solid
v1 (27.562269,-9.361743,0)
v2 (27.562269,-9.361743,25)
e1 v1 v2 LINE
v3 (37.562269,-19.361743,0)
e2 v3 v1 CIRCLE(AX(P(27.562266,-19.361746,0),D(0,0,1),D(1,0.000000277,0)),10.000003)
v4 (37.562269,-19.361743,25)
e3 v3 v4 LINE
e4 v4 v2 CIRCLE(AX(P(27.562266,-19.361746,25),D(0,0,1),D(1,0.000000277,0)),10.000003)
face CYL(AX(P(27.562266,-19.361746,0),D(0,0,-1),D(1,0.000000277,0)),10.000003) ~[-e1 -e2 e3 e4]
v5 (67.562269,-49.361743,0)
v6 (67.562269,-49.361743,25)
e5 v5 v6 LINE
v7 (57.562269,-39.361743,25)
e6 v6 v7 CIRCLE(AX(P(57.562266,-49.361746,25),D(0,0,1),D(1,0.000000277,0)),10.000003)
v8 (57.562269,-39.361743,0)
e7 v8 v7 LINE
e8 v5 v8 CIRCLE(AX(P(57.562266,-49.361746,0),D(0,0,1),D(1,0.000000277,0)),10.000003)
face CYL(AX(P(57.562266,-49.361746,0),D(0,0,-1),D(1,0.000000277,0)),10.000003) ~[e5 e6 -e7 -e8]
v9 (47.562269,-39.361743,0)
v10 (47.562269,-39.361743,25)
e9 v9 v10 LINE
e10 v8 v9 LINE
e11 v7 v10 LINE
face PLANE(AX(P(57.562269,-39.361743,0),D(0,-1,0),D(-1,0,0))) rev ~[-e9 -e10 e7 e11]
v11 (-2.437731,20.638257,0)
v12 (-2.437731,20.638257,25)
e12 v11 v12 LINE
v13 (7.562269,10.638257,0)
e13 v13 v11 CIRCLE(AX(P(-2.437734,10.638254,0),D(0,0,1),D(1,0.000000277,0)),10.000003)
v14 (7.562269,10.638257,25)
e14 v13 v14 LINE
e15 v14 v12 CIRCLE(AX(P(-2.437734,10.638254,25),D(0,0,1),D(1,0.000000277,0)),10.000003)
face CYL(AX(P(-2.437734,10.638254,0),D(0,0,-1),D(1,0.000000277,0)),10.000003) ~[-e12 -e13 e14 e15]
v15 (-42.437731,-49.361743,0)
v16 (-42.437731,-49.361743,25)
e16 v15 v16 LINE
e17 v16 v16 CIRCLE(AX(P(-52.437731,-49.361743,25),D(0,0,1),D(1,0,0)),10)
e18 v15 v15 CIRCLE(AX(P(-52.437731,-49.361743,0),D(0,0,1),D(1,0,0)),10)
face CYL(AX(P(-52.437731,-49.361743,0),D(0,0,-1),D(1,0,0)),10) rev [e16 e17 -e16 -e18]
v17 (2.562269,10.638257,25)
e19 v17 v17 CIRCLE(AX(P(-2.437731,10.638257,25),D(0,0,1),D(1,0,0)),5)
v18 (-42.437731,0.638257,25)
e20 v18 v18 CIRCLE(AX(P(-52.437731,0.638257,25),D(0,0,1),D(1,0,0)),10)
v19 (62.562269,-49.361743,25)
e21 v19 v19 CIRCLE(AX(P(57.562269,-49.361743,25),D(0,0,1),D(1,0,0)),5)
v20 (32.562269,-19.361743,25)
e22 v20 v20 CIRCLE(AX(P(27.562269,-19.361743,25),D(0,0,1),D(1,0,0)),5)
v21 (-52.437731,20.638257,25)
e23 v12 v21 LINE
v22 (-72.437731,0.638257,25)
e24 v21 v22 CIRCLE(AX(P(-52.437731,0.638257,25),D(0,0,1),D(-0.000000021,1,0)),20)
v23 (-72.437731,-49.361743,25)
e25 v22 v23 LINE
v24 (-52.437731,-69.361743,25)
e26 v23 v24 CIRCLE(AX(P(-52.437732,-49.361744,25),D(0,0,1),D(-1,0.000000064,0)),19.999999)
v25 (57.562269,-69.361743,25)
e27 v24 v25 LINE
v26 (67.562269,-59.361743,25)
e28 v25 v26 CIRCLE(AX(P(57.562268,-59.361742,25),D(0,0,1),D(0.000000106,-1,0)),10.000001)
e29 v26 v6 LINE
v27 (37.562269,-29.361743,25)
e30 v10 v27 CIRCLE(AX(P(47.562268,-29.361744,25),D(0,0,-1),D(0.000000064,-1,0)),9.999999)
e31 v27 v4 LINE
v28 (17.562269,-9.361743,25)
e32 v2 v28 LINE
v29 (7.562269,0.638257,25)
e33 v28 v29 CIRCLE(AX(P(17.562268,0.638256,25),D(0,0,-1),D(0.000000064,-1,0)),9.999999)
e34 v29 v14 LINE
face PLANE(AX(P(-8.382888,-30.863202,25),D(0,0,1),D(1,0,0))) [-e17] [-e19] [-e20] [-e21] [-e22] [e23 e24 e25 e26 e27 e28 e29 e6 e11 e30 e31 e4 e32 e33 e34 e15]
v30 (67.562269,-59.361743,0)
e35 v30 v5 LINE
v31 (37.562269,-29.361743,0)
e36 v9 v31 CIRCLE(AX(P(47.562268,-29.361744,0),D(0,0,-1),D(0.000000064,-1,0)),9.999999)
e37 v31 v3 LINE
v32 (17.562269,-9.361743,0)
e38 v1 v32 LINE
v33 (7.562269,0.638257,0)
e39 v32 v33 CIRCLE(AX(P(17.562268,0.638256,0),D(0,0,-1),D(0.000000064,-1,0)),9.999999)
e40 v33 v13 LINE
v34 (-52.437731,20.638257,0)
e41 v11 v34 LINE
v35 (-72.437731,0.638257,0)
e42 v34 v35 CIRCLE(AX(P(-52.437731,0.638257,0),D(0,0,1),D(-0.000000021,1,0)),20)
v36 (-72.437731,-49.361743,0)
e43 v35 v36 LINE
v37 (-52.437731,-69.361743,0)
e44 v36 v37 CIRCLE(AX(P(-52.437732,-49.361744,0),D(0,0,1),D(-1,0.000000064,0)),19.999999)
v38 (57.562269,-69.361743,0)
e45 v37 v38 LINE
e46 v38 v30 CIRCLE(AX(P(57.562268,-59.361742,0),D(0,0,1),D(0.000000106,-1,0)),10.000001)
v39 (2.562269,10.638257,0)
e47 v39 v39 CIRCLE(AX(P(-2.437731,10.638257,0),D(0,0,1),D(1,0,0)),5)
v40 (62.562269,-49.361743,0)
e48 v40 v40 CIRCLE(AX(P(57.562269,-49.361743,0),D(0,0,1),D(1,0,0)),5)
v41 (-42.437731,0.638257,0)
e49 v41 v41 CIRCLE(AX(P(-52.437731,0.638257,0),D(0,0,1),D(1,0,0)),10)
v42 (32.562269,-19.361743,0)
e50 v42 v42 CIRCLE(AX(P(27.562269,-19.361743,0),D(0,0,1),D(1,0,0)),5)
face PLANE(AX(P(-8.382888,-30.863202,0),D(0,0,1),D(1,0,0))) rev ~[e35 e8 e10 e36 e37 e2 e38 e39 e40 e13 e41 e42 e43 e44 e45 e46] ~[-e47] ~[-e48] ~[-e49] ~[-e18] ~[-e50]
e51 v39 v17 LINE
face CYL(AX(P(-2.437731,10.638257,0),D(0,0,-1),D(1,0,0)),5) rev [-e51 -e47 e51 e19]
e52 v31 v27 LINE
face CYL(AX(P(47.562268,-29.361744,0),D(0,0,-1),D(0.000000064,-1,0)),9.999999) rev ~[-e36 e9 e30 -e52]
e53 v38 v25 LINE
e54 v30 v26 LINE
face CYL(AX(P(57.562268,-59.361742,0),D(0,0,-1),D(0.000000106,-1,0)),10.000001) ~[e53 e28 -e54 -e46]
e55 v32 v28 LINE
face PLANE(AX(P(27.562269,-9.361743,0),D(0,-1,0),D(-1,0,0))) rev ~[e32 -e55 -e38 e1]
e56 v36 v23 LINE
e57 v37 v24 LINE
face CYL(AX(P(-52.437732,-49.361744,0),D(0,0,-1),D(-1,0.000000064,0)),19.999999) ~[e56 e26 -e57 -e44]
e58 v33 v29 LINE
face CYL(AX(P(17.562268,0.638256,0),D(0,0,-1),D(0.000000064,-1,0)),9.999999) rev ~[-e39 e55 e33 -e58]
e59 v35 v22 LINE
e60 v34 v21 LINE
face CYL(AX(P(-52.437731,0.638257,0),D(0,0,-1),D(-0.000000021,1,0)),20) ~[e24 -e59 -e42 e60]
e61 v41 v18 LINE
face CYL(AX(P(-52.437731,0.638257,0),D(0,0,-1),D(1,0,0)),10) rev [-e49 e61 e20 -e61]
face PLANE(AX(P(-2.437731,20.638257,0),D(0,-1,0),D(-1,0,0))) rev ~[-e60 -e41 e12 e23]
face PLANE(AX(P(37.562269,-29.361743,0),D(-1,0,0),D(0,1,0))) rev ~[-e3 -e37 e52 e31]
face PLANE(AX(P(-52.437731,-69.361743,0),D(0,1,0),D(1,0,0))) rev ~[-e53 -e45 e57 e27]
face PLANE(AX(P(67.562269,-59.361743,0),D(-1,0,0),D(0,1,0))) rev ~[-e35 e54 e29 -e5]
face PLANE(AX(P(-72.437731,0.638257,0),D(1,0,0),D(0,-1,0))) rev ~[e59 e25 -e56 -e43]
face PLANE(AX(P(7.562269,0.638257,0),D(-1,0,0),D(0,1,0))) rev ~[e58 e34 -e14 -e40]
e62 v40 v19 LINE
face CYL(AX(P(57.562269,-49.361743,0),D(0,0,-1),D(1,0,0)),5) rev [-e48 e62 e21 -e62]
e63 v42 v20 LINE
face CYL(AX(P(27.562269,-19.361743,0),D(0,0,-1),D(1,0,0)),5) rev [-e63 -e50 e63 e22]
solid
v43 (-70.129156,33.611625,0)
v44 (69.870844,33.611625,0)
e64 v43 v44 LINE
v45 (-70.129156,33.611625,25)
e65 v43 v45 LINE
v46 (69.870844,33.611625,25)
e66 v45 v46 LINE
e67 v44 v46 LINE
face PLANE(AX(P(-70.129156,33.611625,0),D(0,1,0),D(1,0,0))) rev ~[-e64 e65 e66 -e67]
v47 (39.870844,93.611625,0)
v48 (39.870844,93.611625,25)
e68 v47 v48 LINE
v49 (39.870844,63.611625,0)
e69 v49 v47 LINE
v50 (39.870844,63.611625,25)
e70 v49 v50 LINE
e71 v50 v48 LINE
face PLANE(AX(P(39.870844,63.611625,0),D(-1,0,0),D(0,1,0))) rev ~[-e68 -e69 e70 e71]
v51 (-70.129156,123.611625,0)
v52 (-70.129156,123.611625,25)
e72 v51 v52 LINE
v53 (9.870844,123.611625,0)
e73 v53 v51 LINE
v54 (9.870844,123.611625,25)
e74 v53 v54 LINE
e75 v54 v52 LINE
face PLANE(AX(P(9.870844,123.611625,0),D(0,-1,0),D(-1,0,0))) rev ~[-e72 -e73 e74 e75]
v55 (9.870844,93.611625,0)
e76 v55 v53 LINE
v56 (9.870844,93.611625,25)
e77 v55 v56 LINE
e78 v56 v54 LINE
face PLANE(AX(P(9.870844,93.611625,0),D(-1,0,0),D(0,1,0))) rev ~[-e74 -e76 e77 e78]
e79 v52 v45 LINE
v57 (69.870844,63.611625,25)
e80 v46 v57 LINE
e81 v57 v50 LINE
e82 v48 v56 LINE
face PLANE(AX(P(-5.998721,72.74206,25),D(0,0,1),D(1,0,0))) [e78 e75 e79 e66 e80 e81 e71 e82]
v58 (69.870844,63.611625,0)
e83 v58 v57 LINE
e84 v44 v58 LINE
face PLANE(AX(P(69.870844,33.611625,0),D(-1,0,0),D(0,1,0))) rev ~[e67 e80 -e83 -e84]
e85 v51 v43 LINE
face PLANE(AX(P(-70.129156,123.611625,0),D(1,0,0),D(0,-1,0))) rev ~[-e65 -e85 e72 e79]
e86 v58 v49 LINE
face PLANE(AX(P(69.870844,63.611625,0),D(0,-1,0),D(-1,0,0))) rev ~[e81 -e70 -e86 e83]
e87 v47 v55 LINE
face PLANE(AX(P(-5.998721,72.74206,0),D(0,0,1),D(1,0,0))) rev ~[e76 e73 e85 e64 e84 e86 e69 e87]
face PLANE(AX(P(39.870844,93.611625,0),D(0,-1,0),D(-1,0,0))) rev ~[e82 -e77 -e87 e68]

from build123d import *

# Parameters (mm, degrees)
F0_R     = 10
F0_R_2   = 5
F1_DEPTH = 25


with BuildPart() as f1:
    # F0 (on Top) → F1 (new body)
    with BuildSketch(Plane.XY):
        with BuildLine():
            ThreePointArc((-72.437731, -49.361743), (-66.579867, -63.503879), (-52.437731, -69.361743))
            Line((-52.437731, -69.361743), (57.562269, -69.361743))
            ThreePointArc((57.562269, -69.361743), (64.633336, -66.432811), (67.562269, -59.361743))
            Line((67.562269, -59.361743), (67.562269, -49.361743))
            ThreePointArc((67.562269, -49.361743), (64.633336, -42.290676), (57.562269, -39.361743))
            Line((57.562269, -39.361743), (47.562269, -39.361743))
            ThreePointArc((47.562269, -39.361743), (40.491201, -36.432811), (37.562269, -29.361743))
            Line((37.562269, -29.361743), (37.562269, -19.361743))
            ThreePointArc((37.562269, -19.361743), (34.633336, -12.290676), (27.562269, -9.361743))
            Line((27.562269, -9.361743), (17.562269, -9.361743))
            ThreePointArc((17.562269, -9.361743), (10.491201, -6.432811), (7.562269, 0.638257))
            Line((7.562269, 0.638257), (7.562269, 10.638257))
            ThreePointArc((7.562269, 10.638257), (4.633336, 17.709324), (-2.437731, 20.638257))
            Line((-2.437731, 20.638257), (-52.437731, 20.638257))
            ThreePointArc((-52.437731, 20.638257), (-66.579867, 14.780392), (-72.437731, 0.638257))
            Line((-72.437731, 0.638257), (-72.437731, -49.361743))
        make_face()
        with Locations((-52.437731, -49.361743)):
            Circle(F0_R, mode=Mode.SUBTRACT)
        with Locations((-52.437731, 0.638257)):
            Circle(F0_R, mode=Mode.SUBTRACT)
        with Locations((-2.437731, 10.638257)):
            Circle(F0_R_2, mode=Mode.SUBTRACT)
        with Locations((57.562269, -49.361743)):
            Circle(F0_R_2, mode=Mode.SUBTRACT)
        with Locations((27.562269, -19.361743)):
            Circle(F0_R_2, mode=Mode.SUBTRACT)
        Polygon((-70.129156, 123.611625), (-70.129156, 33.611625), (69.870844, 33.611625), (69.870844, 63.611625), (39.870844, 63.611625), (39.870844, 93.611625), (9.870844, 93.611625), (9.870844, 123.611625), align=None)
    extrude(amount=F1_DEPTH)


solid = f1.part
